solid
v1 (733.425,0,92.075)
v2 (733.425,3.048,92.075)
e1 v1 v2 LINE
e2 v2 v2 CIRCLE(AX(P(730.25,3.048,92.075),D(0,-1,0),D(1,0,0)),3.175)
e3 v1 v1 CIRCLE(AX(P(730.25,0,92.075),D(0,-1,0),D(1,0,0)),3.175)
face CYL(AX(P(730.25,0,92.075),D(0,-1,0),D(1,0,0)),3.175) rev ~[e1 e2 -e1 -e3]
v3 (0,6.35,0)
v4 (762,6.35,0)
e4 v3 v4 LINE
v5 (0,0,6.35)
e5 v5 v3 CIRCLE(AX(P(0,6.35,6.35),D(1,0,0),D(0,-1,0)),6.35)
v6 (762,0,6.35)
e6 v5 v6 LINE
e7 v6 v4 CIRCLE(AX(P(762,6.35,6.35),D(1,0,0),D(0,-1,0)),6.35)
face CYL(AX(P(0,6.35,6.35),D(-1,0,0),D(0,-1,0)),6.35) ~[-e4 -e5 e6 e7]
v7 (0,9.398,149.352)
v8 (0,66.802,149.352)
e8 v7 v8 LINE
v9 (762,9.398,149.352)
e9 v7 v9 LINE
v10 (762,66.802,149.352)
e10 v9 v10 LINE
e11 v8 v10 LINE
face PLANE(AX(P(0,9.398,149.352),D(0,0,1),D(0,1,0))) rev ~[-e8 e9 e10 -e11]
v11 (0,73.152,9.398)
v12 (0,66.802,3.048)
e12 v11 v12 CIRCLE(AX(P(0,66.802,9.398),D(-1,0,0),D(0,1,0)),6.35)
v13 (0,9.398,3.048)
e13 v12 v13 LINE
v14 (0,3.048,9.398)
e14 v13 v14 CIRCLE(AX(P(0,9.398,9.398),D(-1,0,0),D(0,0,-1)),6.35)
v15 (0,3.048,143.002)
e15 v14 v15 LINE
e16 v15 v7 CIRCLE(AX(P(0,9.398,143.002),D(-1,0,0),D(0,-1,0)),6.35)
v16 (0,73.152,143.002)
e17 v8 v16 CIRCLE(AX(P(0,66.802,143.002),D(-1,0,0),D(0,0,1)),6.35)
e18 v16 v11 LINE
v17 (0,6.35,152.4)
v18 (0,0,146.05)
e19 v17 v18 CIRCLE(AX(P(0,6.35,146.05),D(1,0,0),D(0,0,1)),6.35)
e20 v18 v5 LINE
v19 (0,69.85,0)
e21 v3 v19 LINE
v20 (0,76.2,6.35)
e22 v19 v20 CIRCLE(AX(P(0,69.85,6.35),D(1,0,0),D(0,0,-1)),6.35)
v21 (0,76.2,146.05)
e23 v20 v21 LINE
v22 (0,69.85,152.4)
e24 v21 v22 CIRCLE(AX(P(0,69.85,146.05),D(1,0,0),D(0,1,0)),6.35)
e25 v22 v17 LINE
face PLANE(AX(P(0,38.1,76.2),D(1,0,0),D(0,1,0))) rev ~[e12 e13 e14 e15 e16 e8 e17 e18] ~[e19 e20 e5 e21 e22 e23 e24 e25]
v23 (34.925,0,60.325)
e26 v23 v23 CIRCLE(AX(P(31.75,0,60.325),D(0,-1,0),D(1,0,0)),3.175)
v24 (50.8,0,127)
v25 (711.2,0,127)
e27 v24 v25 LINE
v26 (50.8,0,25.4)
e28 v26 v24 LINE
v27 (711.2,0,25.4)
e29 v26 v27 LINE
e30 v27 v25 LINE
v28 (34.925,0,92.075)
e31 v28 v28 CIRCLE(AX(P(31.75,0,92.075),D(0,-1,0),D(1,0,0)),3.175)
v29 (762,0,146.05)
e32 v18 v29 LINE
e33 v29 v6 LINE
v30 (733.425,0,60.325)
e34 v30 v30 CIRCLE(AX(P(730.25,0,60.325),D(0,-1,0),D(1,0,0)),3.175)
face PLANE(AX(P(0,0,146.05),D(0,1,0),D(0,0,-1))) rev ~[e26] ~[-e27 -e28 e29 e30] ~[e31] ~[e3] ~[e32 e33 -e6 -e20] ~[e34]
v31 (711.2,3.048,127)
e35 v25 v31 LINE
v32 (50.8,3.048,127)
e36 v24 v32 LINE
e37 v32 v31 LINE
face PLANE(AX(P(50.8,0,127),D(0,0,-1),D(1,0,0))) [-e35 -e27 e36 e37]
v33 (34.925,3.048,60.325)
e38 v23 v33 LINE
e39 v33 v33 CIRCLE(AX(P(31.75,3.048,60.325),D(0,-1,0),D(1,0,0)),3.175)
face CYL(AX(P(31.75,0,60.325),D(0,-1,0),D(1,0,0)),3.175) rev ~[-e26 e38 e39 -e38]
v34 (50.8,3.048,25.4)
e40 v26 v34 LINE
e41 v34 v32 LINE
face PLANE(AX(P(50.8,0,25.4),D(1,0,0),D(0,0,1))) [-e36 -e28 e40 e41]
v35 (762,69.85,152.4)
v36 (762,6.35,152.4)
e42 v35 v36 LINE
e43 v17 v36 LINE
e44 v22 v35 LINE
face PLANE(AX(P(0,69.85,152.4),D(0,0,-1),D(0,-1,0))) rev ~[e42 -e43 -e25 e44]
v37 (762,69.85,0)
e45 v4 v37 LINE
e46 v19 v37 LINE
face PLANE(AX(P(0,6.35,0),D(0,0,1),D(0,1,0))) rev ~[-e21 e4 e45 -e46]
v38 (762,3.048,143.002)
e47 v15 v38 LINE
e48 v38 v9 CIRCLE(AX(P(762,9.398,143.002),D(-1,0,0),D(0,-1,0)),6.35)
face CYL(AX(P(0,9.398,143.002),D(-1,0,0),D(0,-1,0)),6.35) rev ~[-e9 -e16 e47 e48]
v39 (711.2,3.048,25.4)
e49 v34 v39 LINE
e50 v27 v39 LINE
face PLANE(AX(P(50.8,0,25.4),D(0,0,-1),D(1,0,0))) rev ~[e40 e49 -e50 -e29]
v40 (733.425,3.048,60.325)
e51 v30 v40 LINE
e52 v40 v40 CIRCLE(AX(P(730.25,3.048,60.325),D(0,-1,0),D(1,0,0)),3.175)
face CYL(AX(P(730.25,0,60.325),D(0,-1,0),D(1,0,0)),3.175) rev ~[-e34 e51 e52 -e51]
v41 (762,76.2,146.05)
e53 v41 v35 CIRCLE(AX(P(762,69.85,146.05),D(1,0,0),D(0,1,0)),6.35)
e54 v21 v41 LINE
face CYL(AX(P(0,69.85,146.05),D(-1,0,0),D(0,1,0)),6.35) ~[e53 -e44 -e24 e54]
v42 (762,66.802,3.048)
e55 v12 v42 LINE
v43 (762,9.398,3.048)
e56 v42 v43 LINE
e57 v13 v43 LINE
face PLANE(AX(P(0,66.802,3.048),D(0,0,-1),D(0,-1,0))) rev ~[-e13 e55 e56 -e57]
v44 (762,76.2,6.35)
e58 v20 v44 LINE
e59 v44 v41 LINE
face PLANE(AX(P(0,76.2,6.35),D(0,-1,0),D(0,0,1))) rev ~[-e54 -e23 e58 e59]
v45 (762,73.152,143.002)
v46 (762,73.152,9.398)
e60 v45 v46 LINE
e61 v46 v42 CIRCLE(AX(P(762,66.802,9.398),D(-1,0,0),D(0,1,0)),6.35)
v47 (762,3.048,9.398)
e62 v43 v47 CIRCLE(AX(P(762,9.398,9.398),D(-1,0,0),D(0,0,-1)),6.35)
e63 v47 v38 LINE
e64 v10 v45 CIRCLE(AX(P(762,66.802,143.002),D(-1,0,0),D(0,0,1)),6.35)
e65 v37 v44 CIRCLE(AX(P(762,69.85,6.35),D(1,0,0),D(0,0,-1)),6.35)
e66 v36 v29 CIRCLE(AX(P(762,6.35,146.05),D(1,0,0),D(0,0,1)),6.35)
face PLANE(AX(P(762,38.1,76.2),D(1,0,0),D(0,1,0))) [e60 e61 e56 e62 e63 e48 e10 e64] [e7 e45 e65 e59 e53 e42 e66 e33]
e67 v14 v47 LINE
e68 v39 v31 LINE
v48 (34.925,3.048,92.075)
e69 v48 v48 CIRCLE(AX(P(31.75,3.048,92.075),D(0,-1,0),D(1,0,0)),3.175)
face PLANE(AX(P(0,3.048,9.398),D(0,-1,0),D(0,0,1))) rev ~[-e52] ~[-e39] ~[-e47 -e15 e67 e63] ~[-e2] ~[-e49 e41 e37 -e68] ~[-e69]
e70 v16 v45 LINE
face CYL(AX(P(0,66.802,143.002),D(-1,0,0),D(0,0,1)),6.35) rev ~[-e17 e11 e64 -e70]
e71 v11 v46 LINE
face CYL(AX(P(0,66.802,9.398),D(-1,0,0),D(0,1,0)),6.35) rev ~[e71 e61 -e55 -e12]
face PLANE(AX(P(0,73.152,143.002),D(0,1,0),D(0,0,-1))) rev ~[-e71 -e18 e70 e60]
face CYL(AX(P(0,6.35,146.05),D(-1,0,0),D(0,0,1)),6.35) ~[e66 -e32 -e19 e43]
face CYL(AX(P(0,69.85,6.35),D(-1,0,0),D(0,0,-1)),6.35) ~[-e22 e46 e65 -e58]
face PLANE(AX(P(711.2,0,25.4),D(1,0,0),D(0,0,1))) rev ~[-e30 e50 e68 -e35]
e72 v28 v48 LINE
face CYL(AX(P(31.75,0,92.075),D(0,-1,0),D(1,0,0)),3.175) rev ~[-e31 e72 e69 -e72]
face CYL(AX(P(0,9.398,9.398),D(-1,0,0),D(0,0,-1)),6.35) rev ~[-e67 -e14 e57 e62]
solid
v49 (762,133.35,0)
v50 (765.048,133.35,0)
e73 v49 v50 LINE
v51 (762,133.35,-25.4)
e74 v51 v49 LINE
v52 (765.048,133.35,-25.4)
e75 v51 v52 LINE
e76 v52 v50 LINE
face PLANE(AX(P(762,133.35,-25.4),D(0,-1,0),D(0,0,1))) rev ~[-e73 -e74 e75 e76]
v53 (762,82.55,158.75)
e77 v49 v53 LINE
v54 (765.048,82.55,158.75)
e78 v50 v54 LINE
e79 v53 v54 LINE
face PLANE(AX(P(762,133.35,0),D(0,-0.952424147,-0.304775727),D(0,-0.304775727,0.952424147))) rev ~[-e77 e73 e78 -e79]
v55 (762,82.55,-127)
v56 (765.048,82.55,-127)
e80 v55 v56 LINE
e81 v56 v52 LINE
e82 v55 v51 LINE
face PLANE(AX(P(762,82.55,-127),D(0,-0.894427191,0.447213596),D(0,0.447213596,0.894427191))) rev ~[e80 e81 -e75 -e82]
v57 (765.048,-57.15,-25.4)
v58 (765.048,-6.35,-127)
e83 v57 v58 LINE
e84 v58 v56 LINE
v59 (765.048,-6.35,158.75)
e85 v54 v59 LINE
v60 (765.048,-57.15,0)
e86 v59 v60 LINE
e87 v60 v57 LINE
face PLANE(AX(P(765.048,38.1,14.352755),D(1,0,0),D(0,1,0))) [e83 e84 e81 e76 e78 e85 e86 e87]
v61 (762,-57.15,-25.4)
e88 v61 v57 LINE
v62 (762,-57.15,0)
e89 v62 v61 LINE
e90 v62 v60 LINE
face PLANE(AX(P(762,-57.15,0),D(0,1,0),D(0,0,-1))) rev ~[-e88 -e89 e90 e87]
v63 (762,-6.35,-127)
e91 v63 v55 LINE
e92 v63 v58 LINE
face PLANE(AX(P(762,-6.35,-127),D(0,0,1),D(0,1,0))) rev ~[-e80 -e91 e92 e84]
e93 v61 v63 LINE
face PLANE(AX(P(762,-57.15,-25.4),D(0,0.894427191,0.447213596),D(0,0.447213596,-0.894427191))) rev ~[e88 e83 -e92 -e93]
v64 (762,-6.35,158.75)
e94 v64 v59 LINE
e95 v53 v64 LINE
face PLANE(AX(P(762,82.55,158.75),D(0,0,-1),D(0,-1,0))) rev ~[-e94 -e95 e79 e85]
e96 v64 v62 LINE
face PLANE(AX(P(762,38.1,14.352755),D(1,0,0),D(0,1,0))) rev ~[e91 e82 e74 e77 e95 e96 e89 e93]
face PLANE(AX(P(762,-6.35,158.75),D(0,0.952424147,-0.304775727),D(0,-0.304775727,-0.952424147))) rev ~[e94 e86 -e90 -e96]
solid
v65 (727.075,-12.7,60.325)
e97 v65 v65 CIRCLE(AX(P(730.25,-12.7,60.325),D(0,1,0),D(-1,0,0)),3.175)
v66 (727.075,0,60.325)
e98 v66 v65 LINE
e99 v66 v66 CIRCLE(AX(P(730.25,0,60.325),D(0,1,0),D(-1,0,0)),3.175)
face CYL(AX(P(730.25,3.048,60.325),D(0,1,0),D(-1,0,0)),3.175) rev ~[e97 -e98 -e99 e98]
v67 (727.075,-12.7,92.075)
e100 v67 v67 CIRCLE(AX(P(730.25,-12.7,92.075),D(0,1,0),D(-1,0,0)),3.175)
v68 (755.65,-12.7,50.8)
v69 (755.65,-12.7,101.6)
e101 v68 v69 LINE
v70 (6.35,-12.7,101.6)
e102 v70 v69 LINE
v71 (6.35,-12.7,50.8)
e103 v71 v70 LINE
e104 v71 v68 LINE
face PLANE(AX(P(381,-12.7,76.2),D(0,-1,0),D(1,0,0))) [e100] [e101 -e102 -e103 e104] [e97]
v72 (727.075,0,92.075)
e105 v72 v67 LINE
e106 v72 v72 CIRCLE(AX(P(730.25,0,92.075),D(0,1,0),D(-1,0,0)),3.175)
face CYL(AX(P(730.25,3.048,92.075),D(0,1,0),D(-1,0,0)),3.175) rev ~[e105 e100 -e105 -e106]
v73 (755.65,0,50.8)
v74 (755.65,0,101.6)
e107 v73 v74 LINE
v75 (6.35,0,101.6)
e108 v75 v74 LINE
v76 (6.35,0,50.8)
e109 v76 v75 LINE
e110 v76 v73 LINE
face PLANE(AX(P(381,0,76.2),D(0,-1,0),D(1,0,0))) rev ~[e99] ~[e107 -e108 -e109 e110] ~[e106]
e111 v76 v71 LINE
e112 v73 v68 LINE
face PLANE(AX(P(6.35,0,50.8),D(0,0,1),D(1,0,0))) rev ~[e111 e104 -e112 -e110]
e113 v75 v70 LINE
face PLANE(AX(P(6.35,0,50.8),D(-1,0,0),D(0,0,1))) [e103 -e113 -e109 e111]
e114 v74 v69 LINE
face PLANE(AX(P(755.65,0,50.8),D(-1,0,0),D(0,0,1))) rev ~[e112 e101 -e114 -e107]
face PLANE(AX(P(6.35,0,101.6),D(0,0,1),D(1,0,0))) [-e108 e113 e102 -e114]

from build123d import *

# Parameters (mm, degrees)
F1_DEPTH  = 762
F2_W      = 660.4
F2_H      = 101.6
F3_DEPTH  = 3.048
F4_R      = 3.175
F5_DEPTH  = 25.4
F6_W      = 749.3
F6_H      = 50.8
F7_DEPTH  = 12.7
F8_R      = 3.175
F9_DEPTH  = 15.749
F11_DEPTH = 3.048


with BuildPart() as f1:
    # F0 (on Right) → F1 (new body)
    with BuildSketch(Plane.YZ):
        with BuildLine():
            ThreePointArc((0, 6.35), (1.8598719395, 1.8598719395), (6.35, 0))
            Line((6.35, 0), (69.85, 0))
            ThreePointArc((69.85, 0), (74.3401280605, 1.8598719395), (76.2, 6.35))
            Line((76.2, 6.35), (76.2, 146.05))
            ThreePointArc((76.2, 146.05), (74.3401280605, 150.5401280605), (69.85, 152.4))
            Line((69.85, 152.4), (6.35, 152.4))
            ThreePointArc((6.35, 152.4), (1.8598719395, 150.5401280605), (0, 146.05))
            Line((0, 146.05), (0, 6.35))
        make_face()
        with BuildLine():
            Line((73.152, 143.002), (73.152, 9.398))
            ThreePointArc((73.152, 9.398), (71.2921280605, 4.9078719395), (66.802, 3.048))
            Line((66.802, 3.048), (9.398, 3.048))
            ThreePointArc((9.398, 3.048), (4.9078719395, 4.9078719395), (3.048, 9.398))
            Line((3.048, 9.398), (3.048, 143.002))
            ThreePointArc((3.048, 143.002), (4.9078719395, 147.4921280605), (9.398, 149.352))
            Line((9.398, 149.352), (66.802, 149.352))
            ThreePointArc((66.802, 149.352), (71.2921280605, 147.4921280605), (73.152, 143.002))
        make_face(mode=Mode.SUBTRACT)
    extrude(amount=F1_DEPTH)

    # F2 (on face) → F3 (cut)
    with BuildSketch(Plane.XZ):
        with Locations((381, 76.2)):
            Rectangle(F2_W, F2_H)
    extrude(amount=-F3_DEPTH, mode=Mode.SUBTRACT)

    # F4 (on face) → F5 (cut)
    with BuildSketch(Plane.XZ):
        with Locations((730.25, 92.075)):
            Circle(F4_R)
        with Locations((730.25, 60.325)):
            Circle(F4_R)
        with Locations((31.75, 60.325)):
            Circle(F4_R)
        with Locations((31.75, 92.075)):
            Circle(F4_R)
    extrude(amount=-F5_DEPTH, mode=Mode.SUBTRACT)


with BuildPart() as f7:
    # F6 (on face) → F7 (new body)
    with BuildSketch(Plane.XZ):
        with Locations((381, 76.2)):
            Rectangle(F6_W, F6_H)
    extrude(amount=F7_DEPTH)

    # F8 (on face) → F9 (cut, through all)
    with BuildSketch(Plane(origin=(0, 3.048, 0), x_dir=(-1, 0, 0), z_dir=(0, 1, 0))):
        with Locations((-730.25, 60.325)):
            Circle(F8_R)
        with Locations((-730.25, 92.075)):
            Circle(F8_R)
    extrude(amount=-F9_DEPTH, mode=Mode.SUBTRACT)


with BuildPart() as f11:
    # F10 (on face) → F11 (new body)
    with BuildSketch(Plane.YZ.offset(762)):
        Polygon((82.55, 158.75), (-6.35, 158.75), (-57.15, 0), (-57.15, -25.4), (-6.35, -127), (82.55, -127), (133.35, -25.4), (133.35, 0), align=None)
        with BuildLine():
            Line((0, 6.35), (0, 146.05))
            ThreePointArc((0, 146.05), (1.8598719395, 150.5401280605), (6.35, 152.4))
            Line((6.35, 152.4), (69.85, 152.4))
            ThreePointArc((69.85, 152.4), (74.3401280605, 150.5401280605), (76.2, 146.05))
            Line((76.2, 146.05), (76.2, 6.35))
            ThreePointArc((76.2, 6.35), (74.3401280605, 1.8598719395), (69.85, 0))
            Line((69.85, 0), (6.35, 0))
            ThreePointArc((6.35, 0), (1.8598719395, 1.8598719395), (0, 6.35))
        make_face(mode=Mode.SUBTRACT)
        with BuildLine():
            ThreePointArc((6.35, 152.4), (1.8598719395, 150.5401280605), (0, 146.05))
            Line((0, 146.05), (0, 6.35))
            ThreePointArc((0, 6.35), (1.8598719395, 1.8598719395), (6.35, 0))
            Line((6.35, 0), (69.85, 0))
            ThreePointArc((69.85, 0), (74.3401280605, 1.8598719395), (76.2, 6.35))
            Line((76.2, 6.35), (76.2, 146.05))
            ThreePointArc((76.2, 146.05), (74.3401280605, 150.5401280605), (69.85, 152.4))
            Line((69.85, 152.4), (6.35, 152.4))
        make_face()
        with BuildLine():
            ThreePointArc((66.802, 149.352), (71.2921280605, 147.4921280605), (73.152, 143.002))
            Line((73.152, 143.002), (73.152, 9.398))
            ThreePointArc((73.152, 9.398), (71.2921280605, 4.9078719395), (66.802, 3.048))
            Line((66.802, 3.048), (9.398, 3.048))
            ThreePointArc((9.398, 3.048), (4.9078719395, 4.9078719395), (3.048, 9.398))
            Line((3.048, 9.398), (3.048, 143.002))
            ThreePointArc((3.048, 143.002), (4.9078719395, 147.4921280605), (9.398, 149.352))
            Line((9.398, 149.352), (66.802, 149.352))
        make_face(mode=Mode.SUBTRACT)
        with BuildLine():
            Line((73.152, 9.398), (73.152, 143.002))
            ThreePointArc((73.152, 143.002), (71.2921280605, 147.4921280605), (66.802, 149.352))
            Line((66.802, 149.352), (9.398, 149.352))
            ThreePointArc((9.398, 149.352), (4.9078719395, 147.4921280605), (3.048, 143.002))
            Line((3.048, 143.002), (3.048, 9.398))
            ThreePointArc((3.048, 9.398), (4.9078719395, 4.9078719395), (9.398, 3.048))
            Line((9.398, 3.048), (66.802, 3.048))
            ThreePointArc((66.802, 3.048), (71.2921280605, 4.9078719395), (73.152, 9.398))
        make_face()
    extrude(amount=F11_DEPTH)


solid = Compound([f1.part, f7.part, f11.part])
